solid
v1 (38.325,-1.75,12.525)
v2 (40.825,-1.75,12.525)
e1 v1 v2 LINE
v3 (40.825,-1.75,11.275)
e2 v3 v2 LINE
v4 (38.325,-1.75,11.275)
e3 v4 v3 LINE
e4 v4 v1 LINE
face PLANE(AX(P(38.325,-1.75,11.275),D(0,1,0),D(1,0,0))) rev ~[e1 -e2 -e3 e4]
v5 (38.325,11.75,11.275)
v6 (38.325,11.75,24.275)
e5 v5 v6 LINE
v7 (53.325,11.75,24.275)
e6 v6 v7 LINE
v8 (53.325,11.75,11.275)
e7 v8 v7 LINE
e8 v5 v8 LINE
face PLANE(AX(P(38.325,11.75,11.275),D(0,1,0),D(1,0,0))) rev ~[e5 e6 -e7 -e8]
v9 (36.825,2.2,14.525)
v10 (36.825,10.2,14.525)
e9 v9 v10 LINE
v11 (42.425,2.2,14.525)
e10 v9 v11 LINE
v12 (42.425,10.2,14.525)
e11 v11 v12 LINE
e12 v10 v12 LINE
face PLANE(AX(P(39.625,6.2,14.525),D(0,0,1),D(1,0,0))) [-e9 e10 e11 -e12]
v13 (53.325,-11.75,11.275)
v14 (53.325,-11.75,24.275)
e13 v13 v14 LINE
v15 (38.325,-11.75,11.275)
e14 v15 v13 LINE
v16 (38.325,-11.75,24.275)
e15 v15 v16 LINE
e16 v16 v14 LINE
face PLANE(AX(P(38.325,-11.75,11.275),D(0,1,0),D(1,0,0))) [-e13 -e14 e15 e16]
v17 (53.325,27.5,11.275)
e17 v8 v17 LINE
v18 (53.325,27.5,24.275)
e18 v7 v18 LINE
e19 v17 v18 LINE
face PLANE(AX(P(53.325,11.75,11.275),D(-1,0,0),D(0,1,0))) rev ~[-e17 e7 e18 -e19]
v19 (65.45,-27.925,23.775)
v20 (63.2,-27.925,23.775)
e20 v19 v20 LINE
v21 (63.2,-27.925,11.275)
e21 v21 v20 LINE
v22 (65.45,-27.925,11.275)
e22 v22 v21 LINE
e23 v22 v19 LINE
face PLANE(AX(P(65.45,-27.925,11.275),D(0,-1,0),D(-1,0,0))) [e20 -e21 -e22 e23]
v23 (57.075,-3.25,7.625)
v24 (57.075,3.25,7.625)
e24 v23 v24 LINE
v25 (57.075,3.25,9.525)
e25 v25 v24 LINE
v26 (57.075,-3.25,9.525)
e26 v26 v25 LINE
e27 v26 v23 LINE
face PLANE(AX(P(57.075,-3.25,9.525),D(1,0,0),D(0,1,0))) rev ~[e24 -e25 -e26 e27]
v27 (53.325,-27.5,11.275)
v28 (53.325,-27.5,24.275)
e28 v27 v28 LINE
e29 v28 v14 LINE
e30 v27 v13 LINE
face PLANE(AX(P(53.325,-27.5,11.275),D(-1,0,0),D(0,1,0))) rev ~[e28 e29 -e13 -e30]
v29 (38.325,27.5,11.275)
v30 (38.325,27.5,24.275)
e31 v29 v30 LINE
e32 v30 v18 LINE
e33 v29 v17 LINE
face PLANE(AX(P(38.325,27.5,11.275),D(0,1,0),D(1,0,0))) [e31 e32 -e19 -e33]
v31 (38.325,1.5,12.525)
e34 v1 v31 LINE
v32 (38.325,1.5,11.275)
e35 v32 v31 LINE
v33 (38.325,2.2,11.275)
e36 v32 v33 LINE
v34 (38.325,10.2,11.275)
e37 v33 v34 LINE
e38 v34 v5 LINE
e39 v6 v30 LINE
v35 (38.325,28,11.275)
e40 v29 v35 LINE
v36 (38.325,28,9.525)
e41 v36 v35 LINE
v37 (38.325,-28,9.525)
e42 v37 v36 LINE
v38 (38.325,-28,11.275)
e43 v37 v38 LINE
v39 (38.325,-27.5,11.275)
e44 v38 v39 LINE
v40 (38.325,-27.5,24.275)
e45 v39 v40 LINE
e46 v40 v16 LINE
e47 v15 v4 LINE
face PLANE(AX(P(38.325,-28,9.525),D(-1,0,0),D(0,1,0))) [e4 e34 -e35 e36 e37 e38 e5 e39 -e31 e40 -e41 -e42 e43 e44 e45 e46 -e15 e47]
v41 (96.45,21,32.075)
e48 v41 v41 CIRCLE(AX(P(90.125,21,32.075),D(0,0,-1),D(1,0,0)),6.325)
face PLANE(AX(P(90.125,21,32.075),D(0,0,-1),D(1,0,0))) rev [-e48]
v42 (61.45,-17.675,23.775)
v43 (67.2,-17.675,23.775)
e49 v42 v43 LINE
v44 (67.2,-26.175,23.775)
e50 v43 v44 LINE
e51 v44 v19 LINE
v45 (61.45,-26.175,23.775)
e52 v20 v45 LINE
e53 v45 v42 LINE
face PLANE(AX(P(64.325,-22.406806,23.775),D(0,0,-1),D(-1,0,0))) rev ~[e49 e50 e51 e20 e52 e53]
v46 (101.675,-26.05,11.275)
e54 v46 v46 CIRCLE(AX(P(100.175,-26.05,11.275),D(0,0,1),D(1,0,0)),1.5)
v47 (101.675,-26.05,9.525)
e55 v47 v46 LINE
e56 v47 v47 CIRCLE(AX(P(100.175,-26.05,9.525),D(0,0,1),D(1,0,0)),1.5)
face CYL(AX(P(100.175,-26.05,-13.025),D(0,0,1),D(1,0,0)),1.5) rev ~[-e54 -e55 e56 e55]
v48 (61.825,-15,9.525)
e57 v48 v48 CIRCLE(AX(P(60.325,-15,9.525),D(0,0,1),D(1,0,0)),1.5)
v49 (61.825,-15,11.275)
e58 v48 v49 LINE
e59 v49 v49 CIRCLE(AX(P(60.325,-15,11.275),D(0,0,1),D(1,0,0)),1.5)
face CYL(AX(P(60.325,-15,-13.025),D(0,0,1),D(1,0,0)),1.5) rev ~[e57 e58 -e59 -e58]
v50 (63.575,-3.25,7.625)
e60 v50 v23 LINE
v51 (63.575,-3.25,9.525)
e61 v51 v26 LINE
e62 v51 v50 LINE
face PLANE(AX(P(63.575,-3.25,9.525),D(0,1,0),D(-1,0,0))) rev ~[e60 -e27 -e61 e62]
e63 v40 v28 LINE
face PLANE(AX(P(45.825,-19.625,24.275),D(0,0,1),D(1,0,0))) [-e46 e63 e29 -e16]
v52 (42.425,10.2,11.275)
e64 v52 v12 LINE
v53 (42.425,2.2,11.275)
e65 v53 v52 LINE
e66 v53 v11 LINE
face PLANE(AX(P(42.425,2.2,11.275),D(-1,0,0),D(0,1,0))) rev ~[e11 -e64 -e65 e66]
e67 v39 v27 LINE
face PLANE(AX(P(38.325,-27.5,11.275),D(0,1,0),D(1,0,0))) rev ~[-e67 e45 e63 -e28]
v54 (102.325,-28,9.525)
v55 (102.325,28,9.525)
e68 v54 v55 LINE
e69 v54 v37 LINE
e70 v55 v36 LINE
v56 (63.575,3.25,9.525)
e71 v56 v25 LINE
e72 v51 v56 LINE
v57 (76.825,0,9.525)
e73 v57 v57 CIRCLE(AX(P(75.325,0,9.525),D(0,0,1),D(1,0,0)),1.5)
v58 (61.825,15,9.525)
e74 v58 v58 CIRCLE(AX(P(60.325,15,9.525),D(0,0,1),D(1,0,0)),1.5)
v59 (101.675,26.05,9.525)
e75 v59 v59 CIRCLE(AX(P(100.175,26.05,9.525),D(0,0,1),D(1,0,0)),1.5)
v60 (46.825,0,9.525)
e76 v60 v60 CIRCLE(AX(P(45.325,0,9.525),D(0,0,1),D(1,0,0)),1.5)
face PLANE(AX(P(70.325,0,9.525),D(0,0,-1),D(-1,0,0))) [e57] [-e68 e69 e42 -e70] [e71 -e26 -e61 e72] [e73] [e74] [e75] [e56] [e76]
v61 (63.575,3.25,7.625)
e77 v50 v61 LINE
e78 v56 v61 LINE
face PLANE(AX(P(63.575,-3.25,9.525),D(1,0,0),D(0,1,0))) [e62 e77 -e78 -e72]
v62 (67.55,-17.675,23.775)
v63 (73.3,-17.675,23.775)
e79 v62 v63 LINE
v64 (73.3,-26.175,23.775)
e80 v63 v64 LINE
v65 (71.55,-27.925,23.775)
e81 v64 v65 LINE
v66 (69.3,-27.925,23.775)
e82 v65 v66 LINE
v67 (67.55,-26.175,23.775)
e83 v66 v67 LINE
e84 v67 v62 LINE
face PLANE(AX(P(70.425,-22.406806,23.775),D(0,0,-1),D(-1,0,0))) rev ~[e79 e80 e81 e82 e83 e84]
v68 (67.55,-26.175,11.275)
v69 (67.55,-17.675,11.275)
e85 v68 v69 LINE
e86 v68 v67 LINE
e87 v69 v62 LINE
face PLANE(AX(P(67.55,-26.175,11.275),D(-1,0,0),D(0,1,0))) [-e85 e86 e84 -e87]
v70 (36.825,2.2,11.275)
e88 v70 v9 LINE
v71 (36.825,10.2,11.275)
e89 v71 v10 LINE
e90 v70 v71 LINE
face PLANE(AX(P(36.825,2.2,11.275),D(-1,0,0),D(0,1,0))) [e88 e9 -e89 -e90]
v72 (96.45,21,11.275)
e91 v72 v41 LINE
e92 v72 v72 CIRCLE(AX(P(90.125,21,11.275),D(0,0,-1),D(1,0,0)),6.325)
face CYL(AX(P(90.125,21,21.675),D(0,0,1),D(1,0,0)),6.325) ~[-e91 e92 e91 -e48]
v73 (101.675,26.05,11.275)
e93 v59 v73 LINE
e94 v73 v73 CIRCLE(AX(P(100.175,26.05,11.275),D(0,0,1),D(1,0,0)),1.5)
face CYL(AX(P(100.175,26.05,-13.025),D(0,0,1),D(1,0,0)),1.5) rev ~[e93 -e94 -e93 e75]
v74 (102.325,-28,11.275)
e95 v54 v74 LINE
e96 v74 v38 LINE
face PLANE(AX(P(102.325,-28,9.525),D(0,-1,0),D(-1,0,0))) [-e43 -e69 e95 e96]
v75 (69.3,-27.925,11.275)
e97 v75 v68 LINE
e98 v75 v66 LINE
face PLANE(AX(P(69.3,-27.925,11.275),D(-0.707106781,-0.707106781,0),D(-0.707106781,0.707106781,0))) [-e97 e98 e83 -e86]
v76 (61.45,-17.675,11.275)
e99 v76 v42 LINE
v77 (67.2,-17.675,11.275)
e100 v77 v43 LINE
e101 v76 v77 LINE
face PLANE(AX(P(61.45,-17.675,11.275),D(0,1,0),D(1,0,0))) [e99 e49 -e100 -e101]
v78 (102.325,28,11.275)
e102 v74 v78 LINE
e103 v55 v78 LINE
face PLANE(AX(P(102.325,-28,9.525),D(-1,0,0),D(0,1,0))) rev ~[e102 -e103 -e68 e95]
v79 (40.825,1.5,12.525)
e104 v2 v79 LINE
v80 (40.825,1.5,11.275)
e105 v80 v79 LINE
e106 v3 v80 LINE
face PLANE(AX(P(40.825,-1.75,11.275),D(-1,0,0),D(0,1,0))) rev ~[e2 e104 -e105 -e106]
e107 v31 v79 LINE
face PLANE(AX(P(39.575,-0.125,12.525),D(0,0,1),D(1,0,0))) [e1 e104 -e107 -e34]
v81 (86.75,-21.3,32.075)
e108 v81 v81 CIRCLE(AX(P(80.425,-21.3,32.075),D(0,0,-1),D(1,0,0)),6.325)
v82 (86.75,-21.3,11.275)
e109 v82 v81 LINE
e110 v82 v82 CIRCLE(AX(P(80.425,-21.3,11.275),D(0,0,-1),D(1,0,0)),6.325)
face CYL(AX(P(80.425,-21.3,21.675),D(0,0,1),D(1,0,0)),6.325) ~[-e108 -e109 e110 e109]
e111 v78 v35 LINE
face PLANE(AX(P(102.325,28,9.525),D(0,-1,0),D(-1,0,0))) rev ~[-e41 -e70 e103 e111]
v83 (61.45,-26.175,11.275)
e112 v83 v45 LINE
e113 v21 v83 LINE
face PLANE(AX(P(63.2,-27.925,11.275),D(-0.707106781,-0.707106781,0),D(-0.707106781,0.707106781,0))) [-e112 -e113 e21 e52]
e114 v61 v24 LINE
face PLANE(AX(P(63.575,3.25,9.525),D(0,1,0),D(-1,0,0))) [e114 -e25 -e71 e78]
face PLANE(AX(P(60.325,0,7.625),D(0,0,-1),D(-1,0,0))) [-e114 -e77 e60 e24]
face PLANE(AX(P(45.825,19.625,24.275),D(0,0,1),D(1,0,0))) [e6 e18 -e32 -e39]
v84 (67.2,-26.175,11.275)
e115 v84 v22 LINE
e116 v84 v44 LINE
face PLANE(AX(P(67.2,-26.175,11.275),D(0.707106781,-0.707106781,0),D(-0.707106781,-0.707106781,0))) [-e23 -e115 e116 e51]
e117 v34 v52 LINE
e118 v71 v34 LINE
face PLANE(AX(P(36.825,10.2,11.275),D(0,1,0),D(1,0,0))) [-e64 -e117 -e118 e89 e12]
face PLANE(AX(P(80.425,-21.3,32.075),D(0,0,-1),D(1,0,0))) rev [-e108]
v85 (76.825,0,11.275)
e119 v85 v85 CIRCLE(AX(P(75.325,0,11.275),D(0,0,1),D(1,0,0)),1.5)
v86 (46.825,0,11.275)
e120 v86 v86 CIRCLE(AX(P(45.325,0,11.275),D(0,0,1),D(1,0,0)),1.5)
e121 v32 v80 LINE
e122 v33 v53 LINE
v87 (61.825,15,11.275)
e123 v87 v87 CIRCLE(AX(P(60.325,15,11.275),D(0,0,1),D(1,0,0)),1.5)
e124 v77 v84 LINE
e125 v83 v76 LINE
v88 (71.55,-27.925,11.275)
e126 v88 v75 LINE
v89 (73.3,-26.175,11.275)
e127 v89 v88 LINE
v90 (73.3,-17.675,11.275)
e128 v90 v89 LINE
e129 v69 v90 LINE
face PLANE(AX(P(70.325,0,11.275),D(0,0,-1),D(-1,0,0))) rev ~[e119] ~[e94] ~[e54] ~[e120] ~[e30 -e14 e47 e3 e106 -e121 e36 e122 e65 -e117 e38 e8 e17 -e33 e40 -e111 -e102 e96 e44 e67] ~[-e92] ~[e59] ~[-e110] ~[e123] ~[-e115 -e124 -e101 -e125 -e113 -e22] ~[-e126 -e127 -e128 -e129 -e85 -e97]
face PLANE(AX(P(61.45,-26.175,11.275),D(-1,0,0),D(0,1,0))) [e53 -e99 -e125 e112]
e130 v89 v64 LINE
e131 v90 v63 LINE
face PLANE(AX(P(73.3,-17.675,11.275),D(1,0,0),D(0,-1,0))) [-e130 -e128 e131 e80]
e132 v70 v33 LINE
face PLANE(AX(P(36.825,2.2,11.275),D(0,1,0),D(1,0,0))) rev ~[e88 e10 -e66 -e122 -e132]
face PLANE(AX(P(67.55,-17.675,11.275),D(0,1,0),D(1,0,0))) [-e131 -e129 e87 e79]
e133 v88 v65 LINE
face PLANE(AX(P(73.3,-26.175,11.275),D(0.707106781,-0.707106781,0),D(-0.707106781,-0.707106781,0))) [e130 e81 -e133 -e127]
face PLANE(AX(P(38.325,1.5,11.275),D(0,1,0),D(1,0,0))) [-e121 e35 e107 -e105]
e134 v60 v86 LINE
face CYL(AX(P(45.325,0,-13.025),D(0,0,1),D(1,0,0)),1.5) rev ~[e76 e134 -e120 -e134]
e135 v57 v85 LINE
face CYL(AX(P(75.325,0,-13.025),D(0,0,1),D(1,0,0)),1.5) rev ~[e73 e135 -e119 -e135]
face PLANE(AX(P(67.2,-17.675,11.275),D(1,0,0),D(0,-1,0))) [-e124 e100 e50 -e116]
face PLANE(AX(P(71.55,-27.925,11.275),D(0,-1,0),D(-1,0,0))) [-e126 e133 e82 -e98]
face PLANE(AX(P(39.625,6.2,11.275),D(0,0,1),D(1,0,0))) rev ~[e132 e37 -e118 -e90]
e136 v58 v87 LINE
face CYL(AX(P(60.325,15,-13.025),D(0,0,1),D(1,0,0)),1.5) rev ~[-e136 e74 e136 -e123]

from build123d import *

# Parameters (mm, degrees)
SKETCH1_W                 = 64
SKETCH1_H                 = 56
BOSS_EXTRUDE1_DEPTH       = 1.75
SKETCH2_W                 = 5.6
SKETCH2_H                 = 8
BOSS_EXTRUDE2_DEPTH       = 3.249999999
BOSS_EXTRUDE3_DEPTH       = 12.5
SKETCH4_W                 = 2.5
SKETCH4_H                 = 3.249999996
BOSS_EXTRUDE4_DEPTH       = 1.250000001
SKETCH5_W                 = 15
SKETCH5_H                 = 15.750000006
BOSS_EXTRUDE5_DEPTH       = 12.999999998
SKETCH6_W                 = 15
SKETCH6_H                 = 15.749999994
BOSS_EXTRUDE6_DEPTH       = 13
BOSS_EXTRUDE7_DEPTH       = 12.5
SKETCH8_W                 = 6.5
SKETCH8_H                 = 6.499999992
BOSS_EXTRUDE8_DEPTH       = 1.9
SKETCH9_W                 = 6.325
SKETCH9_H                 = 20.8
SKETCH10_W                = 6.325
SKETCH10_H                = 20.8
F_3_CLEARANCE_HOLE1_D     = 3
F_3_CLEARANCE_HOLE1_DEPTH = 22.55


with BuildPart() as part:
    # Sketch1 → Boss-Extrude1 (new body)
    with BuildSketch(Plane(origin=(0, 0, 9.525), x_dir=(-1, 0, 0), z_dir=(0, 0, -1))):
        with Locations((-70.325, 0)):
            Rectangle(SKETCH1_W, SKETCH1_H)
    extrude(amount=-BOSS_EXTRUDE1_DEPTH)

    # Sketch2 → Boss-Extrude2 (add)
    with BuildSketch(Plane.XY.offset(11.275)):
        with Locations((39.625, 6.2)):
            Rectangle(SKETCH2_W, SKETCH2_H)
    extrude(amount=BOSS_EXTRUDE2_DEPTH)

    # Sketch3 → Boss-Extrude3 (add)
    with BuildSketch(Plane.XY.offset(11.275)):
        Polygon((61.45, -17.675), (67.199999996, -17.675), (67.199999996, -26.174999992), (65.449999996, -27.924999992), (63.2, -27.924999992), (61.45, -26.174999992), align=None)
    extrude(amount=BOSS_EXTRUDE3_DEPTH)

    # Sketch4 → Boss-Extrude4 (add)
    with BuildSketch(Plane.XY.offset(11.275)):
        with Locations((39.575, -0.125000002)):
            Rectangle(SKETCH4_W, SKETCH4_H)
    extrude(amount=BOSS_EXTRUDE4_DEPTH)

    # Sketch5 → Boss-Extrude5 (add)
    with BuildSketch(Plane.XY.offset(11.275)):
        with Locations((45.825, -19.625000009)):
            Rectangle(SKETCH5_W, SKETCH5_H)
    extrude(amount=BOSS_EXTRUDE5_DEPTH)

    # Sketch6 → Boss-Extrude6 (add)
    with BuildSketch(Plane.XY.offset(11.275)):
        with Locations((45.825, 19.625000009)):
            Rectangle(SKETCH6_W, SKETCH6_H)
    extrude(amount=BOSS_EXTRUDE6_DEPTH)

    # Sketch7 → Boss-Extrude7 (add)
    with BuildSketch(Plane.XY.offset(11.275)):
        Polygon((67.55, -17.675), (73.299999996, -17.675), (73.299999996, -26.174999992), (71.549999996, -27.924999992), (69.3, -27.924999992), (67.55, -26.174999992), align=None)
    extrude(amount=BOSS_EXTRUDE7_DEPTH)

    # Sketch8 → Boss-Extrude8 (add)
    with BuildSketch(Plane(origin=(0, 0, 9.525), x_dir=(-1, 0, 0), z_dir=(0, 0, -1))):
        with Locations((-60.325, 0)):
            Rectangle(SKETCH8_W, SKETCH8_H)
    extrude(amount=BOSS_EXTRUDE8_DEPTH)

    # Sketch9 → Revolve1 (revolve)
    with BuildSketch(Plane.XZ.offset(21.3)):
        with Locations((83.5875, 21.675)):
            Rectangle(SKETCH9_W, SKETCH9_H)
    revolve(axis=Axis((80.425, -21.3, 32.075), (0, 0, -1)))

    # Sketch10 → Revolve2 (revolve)
    with BuildSketch(Plane.XZ.offset(-21)):
        with Locations((93.2875, 21.675)):
            Rectangle(SKETCH10_W, SKETCH10_H)
    revolve(axis=Axis((90.125, 21, 32.075), (0, 0, -1)))

    # #3 Clearance Hole1
    with Locations(Plane(origin=(0, 0, 9.525), x_dir=(-1, 0, 0), z_dir=(0, 0, -1))):
        with Locations((-45.325, 0), (-60.325, 15), (-75.325, 0), (-60.325, -15), (-100.175, 26.05), (-100.175, -26.05)):
            Hole(F_3_CLEARANCE_HOLE1_D / 2, depth=F_3_CLEARANCE_HOLE1_DEPTH)


solid = part.part
